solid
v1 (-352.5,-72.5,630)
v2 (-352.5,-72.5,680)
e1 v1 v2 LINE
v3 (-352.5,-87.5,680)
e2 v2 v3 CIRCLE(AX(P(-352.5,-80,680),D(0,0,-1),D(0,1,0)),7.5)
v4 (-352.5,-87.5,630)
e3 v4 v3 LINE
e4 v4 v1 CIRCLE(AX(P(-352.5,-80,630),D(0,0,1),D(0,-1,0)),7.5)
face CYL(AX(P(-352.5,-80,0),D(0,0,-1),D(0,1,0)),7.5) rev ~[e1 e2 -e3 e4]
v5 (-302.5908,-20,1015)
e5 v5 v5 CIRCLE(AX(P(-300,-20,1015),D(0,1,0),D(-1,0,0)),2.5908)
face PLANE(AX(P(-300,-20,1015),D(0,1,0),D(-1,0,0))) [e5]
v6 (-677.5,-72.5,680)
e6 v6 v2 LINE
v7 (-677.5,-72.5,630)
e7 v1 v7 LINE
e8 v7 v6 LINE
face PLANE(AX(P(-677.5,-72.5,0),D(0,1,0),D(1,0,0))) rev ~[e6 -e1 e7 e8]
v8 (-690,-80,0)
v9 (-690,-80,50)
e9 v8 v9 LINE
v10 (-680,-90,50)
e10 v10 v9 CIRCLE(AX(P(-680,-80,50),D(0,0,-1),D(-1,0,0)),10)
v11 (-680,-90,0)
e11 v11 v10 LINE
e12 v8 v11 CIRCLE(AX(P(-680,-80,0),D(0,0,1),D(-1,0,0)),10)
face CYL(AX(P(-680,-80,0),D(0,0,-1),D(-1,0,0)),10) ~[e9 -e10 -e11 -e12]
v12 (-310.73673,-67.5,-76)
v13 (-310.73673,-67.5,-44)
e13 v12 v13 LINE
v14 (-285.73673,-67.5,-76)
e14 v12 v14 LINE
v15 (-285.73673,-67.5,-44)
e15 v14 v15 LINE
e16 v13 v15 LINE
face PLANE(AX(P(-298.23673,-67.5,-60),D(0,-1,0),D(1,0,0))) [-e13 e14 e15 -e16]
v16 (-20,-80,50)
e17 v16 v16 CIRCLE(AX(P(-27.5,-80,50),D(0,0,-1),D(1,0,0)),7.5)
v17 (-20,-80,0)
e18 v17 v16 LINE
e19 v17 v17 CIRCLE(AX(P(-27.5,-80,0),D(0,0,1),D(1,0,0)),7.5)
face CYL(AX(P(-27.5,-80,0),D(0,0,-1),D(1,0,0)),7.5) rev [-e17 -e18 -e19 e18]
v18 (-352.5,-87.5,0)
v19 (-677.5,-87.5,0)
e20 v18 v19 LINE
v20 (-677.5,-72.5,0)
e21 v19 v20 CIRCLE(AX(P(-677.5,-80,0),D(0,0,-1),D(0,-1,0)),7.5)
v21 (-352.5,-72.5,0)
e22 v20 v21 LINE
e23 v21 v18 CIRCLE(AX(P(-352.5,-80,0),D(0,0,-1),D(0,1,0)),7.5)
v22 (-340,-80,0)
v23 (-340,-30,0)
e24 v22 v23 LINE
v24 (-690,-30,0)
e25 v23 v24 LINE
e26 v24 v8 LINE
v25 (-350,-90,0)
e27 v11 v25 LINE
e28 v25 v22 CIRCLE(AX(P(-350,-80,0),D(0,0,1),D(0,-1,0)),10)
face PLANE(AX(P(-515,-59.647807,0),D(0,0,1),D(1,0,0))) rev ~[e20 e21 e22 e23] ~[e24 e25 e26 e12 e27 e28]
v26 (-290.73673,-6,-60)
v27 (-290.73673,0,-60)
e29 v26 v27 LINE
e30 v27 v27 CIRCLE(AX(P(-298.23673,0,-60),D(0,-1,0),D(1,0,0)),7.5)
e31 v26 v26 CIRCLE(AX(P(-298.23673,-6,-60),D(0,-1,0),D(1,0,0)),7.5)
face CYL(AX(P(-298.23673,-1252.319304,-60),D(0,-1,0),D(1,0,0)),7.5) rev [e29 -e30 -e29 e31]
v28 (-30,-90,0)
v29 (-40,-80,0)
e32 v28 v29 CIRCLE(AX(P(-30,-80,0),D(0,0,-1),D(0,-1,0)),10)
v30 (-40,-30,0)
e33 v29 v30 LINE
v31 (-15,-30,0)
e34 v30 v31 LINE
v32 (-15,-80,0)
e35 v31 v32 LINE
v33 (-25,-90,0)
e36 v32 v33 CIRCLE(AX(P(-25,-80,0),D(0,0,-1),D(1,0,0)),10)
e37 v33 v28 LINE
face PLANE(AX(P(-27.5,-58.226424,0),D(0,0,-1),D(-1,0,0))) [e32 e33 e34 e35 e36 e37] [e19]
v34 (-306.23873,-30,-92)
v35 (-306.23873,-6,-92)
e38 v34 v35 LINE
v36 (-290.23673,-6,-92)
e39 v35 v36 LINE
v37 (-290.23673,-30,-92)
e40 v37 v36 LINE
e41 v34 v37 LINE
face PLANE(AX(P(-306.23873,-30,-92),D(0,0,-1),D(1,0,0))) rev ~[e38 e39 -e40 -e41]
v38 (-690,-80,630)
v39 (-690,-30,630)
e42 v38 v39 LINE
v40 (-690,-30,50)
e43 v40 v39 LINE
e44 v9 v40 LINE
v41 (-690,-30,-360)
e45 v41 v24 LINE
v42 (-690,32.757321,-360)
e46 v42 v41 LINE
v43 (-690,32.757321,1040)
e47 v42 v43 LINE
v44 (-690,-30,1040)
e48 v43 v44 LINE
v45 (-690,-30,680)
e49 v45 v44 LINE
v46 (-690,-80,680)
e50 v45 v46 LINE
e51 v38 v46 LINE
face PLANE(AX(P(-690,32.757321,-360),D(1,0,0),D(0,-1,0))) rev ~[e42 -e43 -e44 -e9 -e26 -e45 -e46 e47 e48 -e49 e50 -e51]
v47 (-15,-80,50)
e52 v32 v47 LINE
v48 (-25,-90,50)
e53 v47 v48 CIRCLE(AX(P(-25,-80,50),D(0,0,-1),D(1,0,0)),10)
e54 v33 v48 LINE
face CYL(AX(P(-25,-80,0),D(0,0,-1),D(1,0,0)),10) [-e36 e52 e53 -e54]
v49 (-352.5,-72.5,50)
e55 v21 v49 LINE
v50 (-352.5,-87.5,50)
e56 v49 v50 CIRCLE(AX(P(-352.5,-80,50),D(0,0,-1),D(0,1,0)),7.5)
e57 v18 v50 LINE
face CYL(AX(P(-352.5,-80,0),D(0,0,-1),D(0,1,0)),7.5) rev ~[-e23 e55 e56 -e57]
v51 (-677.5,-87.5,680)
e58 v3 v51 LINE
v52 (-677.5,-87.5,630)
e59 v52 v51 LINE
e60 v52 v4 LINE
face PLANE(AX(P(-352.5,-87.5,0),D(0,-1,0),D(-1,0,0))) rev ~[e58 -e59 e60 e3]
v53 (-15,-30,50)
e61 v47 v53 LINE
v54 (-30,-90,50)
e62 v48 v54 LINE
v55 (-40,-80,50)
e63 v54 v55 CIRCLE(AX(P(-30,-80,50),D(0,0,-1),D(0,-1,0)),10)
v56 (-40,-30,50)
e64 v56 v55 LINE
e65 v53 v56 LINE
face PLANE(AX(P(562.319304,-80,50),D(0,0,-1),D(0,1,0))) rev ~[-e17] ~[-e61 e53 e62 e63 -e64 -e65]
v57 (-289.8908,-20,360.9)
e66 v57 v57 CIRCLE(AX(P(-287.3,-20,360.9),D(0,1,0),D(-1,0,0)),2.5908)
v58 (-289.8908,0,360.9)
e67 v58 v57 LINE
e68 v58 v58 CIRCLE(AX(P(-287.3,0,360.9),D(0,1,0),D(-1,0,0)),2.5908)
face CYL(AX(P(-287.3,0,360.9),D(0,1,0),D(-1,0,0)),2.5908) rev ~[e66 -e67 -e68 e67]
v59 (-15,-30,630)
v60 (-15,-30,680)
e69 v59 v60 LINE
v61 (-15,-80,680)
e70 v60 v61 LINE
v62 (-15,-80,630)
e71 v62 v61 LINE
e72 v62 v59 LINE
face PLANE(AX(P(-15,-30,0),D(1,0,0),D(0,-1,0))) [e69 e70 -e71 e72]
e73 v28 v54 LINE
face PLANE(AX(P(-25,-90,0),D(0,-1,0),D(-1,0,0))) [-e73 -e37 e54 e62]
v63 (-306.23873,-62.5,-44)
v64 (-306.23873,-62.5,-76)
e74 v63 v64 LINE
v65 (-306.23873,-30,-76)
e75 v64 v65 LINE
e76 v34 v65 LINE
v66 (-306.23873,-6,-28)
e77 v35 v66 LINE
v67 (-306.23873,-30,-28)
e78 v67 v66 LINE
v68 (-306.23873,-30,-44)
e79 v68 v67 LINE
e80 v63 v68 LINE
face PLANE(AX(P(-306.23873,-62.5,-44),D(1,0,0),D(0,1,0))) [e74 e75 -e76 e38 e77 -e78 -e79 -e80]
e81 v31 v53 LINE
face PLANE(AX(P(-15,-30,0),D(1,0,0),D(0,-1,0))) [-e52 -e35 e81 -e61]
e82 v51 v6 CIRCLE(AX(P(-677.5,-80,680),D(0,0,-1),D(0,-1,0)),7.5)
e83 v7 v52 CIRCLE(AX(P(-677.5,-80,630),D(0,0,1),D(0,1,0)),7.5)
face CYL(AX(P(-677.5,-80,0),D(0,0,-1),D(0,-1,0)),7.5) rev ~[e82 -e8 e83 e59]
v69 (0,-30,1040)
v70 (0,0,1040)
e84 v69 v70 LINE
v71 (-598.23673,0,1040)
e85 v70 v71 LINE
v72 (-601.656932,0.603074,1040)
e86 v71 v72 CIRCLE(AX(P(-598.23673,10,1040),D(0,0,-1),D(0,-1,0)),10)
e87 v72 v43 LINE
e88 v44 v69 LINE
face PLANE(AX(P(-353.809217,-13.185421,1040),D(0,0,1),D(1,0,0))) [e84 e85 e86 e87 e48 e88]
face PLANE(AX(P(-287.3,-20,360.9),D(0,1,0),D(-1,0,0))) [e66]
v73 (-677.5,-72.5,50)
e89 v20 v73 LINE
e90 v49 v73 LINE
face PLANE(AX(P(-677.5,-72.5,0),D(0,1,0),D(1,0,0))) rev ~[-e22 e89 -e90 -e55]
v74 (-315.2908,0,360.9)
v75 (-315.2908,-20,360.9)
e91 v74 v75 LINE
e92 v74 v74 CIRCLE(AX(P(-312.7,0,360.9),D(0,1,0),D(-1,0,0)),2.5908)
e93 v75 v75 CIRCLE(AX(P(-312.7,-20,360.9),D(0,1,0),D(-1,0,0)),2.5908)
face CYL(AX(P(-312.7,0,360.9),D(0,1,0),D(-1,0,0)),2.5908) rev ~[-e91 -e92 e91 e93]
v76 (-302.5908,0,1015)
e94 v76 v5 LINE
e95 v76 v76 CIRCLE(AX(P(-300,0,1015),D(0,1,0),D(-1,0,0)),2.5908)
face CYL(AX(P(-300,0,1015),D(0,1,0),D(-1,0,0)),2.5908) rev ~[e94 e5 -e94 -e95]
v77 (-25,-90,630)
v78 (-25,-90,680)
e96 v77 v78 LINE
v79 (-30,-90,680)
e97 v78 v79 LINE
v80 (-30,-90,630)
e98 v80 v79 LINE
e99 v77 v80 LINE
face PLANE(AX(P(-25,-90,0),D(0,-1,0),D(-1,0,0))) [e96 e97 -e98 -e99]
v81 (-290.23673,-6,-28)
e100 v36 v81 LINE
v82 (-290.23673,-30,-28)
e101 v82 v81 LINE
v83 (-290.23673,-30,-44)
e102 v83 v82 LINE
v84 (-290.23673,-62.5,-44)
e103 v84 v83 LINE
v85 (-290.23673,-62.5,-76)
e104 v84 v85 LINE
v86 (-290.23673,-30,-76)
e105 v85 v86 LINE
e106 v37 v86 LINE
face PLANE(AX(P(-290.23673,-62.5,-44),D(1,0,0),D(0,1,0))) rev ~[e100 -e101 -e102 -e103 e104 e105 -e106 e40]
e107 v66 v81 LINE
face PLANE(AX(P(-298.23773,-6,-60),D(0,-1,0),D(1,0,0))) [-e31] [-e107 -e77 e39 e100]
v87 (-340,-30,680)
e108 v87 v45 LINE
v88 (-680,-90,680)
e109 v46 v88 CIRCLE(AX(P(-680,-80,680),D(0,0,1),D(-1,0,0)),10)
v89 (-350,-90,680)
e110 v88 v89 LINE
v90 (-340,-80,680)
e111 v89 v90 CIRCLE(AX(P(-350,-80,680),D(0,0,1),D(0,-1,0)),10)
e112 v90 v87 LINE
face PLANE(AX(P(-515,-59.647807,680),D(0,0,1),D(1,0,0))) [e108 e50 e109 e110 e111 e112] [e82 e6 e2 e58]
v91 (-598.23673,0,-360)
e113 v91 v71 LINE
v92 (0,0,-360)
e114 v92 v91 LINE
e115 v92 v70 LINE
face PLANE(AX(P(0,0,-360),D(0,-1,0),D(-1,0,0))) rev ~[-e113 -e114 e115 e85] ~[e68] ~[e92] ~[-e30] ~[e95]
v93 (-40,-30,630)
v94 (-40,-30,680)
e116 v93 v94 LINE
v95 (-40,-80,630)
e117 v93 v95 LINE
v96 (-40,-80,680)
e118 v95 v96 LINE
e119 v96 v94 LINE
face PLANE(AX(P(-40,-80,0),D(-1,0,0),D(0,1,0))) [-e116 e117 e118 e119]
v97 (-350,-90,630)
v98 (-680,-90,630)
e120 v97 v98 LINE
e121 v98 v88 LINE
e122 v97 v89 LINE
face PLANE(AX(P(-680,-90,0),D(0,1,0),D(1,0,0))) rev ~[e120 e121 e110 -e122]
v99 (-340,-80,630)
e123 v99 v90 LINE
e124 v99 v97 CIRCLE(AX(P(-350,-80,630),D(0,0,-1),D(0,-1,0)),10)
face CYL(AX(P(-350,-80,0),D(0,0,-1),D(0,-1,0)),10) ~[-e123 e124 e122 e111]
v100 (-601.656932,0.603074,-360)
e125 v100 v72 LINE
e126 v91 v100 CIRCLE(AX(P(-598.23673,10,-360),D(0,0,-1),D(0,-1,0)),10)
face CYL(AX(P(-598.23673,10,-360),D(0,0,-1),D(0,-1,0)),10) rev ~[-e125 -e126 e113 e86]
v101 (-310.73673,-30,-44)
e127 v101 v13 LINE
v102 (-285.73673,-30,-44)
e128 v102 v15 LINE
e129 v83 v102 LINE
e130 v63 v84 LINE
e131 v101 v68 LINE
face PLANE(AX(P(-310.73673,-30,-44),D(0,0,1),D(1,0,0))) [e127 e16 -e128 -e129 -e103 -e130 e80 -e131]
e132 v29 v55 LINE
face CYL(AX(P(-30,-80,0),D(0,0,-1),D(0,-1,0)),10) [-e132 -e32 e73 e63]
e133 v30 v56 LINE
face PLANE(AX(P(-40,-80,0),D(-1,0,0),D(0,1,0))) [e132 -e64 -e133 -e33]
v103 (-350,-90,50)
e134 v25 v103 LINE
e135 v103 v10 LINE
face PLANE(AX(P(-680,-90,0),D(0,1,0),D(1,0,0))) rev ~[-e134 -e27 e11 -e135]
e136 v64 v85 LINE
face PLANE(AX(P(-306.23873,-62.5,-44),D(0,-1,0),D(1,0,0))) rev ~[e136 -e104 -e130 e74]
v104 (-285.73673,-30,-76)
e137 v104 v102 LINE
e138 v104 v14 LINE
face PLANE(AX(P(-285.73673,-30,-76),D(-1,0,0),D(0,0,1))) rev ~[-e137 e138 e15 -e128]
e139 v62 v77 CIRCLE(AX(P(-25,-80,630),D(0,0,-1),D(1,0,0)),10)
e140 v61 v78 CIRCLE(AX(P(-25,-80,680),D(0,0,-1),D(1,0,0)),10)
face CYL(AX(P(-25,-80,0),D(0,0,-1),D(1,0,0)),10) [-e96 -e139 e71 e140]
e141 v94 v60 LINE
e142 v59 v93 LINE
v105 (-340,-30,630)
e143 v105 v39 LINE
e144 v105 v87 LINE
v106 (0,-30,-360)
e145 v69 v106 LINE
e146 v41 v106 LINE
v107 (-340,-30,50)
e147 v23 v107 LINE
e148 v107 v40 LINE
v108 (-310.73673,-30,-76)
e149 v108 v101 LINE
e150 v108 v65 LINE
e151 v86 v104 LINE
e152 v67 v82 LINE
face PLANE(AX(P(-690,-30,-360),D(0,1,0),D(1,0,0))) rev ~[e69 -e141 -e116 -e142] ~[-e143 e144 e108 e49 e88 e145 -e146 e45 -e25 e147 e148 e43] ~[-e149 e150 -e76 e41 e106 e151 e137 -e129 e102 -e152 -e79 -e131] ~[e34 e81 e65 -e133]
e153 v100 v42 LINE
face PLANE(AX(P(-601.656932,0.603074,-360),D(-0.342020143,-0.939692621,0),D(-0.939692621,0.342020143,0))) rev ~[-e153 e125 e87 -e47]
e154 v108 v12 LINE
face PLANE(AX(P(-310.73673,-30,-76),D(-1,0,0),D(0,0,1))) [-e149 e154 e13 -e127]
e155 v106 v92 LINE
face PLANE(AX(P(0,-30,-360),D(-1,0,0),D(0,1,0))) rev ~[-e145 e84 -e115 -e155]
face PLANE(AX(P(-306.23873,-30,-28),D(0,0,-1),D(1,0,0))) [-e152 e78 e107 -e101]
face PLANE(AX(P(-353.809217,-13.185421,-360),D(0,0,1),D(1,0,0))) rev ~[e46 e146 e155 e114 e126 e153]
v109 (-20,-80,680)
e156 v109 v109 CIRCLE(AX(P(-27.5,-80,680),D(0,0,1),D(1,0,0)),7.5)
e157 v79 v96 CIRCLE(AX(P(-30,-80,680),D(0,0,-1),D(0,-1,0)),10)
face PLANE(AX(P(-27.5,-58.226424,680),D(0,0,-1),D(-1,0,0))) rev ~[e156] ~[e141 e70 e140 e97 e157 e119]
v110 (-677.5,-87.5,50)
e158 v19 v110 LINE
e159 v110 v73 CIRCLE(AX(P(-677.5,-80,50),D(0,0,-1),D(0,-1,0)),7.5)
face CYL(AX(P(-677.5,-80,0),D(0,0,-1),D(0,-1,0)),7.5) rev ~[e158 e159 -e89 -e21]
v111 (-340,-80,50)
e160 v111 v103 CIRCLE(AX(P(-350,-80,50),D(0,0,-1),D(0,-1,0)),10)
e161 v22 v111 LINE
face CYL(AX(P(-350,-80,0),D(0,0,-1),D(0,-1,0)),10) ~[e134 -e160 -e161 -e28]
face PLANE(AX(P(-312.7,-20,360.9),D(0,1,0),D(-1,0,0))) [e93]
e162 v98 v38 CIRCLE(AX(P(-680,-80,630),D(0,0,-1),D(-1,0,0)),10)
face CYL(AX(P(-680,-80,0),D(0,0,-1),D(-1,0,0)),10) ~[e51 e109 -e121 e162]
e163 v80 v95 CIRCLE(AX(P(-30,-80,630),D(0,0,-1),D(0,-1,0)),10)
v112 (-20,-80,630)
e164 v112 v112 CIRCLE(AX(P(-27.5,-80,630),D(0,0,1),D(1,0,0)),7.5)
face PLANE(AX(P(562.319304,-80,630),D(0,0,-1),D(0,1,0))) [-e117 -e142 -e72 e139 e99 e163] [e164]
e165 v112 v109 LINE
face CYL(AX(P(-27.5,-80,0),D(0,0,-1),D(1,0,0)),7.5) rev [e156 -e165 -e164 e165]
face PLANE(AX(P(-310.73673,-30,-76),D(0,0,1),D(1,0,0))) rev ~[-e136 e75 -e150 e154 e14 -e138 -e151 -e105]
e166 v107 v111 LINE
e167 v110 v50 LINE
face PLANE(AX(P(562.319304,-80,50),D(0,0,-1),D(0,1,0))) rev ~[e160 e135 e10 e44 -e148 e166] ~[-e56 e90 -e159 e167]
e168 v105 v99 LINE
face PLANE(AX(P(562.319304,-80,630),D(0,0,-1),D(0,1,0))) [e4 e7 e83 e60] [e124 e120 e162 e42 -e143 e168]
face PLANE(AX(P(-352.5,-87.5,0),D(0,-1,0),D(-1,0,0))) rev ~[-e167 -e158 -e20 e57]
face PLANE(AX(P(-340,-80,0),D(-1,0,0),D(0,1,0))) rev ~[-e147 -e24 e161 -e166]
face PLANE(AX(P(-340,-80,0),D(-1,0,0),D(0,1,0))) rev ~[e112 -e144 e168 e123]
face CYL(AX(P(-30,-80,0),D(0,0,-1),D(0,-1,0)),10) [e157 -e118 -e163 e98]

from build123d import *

# Parameters (mm, degrees)
BOSS_EXTRUDE1_DEPTH      = 1040
BOSS_EXTRUDE1_DEPTH_BACK = 360
SKETCH2_R                = 7.5
BOSS_EXTRUDE2_DEPTH      = 680
SKETCH4_W                = 580
SKETCH4_H                = 10
CUT_EXTRUDE1_DEPTH       = 1252.319303775
CUT_EXTRUDE2_DEPTH       = 1252.319303775
CUT_EXTRUDE2_DEPTH_BACK  = 1252.319303775
SKETCH5_W                = 580
SKETCH5_H                = 50
CUT_EXTRUDE3_DEPTH       = 1252.319303775
CUT_EXTRUDE3_DEPTH_BACK  = 1252.319303775
SKETCH6_R                = 7.5
SKETCH8_W                = 25
SKETCH8_H                = 32
BOSS_EXTRUDE4_DEPTH      = 37.5
SKETCH9_W                = 16.002
SKETCH9_H                = 32.5
CUT_EXTRUDE4_DEPTH       = 66.8
SKETCH11_W               = 16.002
SKETCH11_H               = 64
CUT_EXTRUDE5_DEPTH       = 24
SKETCH13_R               = 2.5908
CUT_EXTRUDE6_DEPTH       = 20


with BuildPart() as part:
    # Sketch1 → Boss-Extrude1 (new, two sides: drawn at the far end of the back side and taken through both)
    with BuildSketch(Plane.XY.offset(-BOSS_EXTRUDE1_DEPTH_BACK)):
        with BuildLine():
            Line((0, 0), (-598.236730193, 0))
            ThreePointArc((-598.236730193, 0), (-599.97321197, 0.15192247), (-601.656931626, 0.603073792))
            Line((-601.656931626, 0.603073792), (-690, 32.757321084))
            Line((-690, 32.757321084), (-690, -30))
            Line((-690, -30), (-656.445665216, -30))
            Line((-656.445665216, -30), (-26.446144718, -30))
            Line((-26.446144718, -30), (0, -30))
            Line((0, -30), (0, -20.000479502))
            Line((0, -20.000479502), (0, 0))
        make_face()
    extrude(amount=BOSS_EXTRUDE1_DEPTH + BOSS_EXTRUDE1_DEPTH_BACK)

    # Sketch2 → Boss-Extrude2 (add)
    # profile 1 of 2: a face of its own
    with BuildSketch(Plane.XY):
        with BuildLine():
            Line((-690, -30), (-690, -80))
            ThreePointArc((-690, -80), (-687.071067812, -87.071067812), (-680, -90))
            Line((-680, -90), (-350, -90))
            ThreePointArc((-350, -90), (-342.928932188, -87.071067812), (-340, -80))
            Line((-340, -80), (-340, -30))
            Line((-340, -30), (-690, -30))
        make_face()
        with BuildLine():
            Line((-677.5, -72.5), (-352.5, -72.5))
            ThreePointArc((-352.5, -72.5), (-345, -80), (-352.5, -87.5))
            Line((-352.5, -87.5), (-677.5, -87.5))
            ThreePointArc((-677.5, -87.5), (-685, -80), (-677.5, -72.5))
        make_face(mode=Mode.SUBTRACT)
    # profile 2 of 2: a face of its own
    with BuildSketch(Plane.XY):
        with BuildLine():
            Line((-15, -30), (-15, -80))
            ThreePointArc((-15, -80), (-17.928932188, -87.071067812), (-25, -90))
            Line((-25, -90), (-30, -90))
            ThreePointArc((-30, -90), (-37.071067812, -87.071067812), (-40, -80))
            Line((-40, -80), (-40, -30))
            Line((-40, -30), (-15, -30))
        make_face()
        with Locations((-27.5, -80)):
            Circle(SKETCH2_R, mode=Mode.SUBTRACT)
    extrude(amount=BOSS_EXTRUDE2_DEPTH)

    # Sketch4 → Cut-Extrude1 (cut, through all)
    with BuildSketch(Plane(origin=(0, 0, 0), x_dir=(0, 0, -1), z_dir=(1, 0, 0))):
        with Locations((-340, -85)):
            Rectangle(SKETCH4_W, SKETCH4_H)
    extrude(amount=-CUT_EXTRUDE1_DEPTH, mode=Mode.SUBTRACT)

    # Sketch5 → Cut-Extrude2 (cut, two sides: drawn at the far end of the back side and taken through both)
    with BuildSketch(Plane.ZY.offset(690).offset(-CUT_EXTRUDE2_DEPTH_BACK)):
        with Locations((340, -55)):
            Rectangle(SKETCH5_W, SKETCH5_H)
    extrude(amount=CUT_EXTRUDE2_DEPTH + CUT_EXTRUDE2_DEPTH_BACK, mode=Mode.SUBTRACT)

    # Sketch6 → Cut-Extrude3 (cut, two sides: drawn at the far end of the back side and taken through both)
    with BuildSketch(Plane(origin=(0, 0, 0), x_dir=(1, 0, 0), z_dir=(0, 1, 0)).offset(-CUT_EXTRUDE3_DEPTH_BACK)):
        with Locations((-298.236730193, 60)):
            Circle(SKETCH6_R)
    extrude(amount=CUT_EXTRUDE3_DEPTH + CUT_EXTRUDE3_DEPTH_BACK, mode=Mode.SUBTRACT)

    # Sketch8 → Boss-Extrude4 (add)
    with BuildSketch(Plane.XZ.offset(30)):
        with Locations((-298.236730193, -60)):
            Rectangle(SKETCH8_W, SKETCH8_H)
    extrude(amount=BOSS_EXTRUDE4_DEPTH)

    # Sketch9 → Cut-Extrude4 (cut)
    with BuildSketch(Plane.XY.offset(-44)):
        with Locations((-298.237730193, -46.25)):
            Rectangle(SKETCH9_W, SKETCH9_H)
    extrude(amount=-CUT_EXTRUDE4_DEPTH, mode=Mode.SUBTRACT)

    # Sketch11 → Cut-Extrude5 (cut)
    with BuildSketch(Plane.XZ.offset(30)):
        with Locations((-298.237730193, -60)):
            Rectangle(SKETCH11_W, SKETCH11_H)
    extrude(amount=-CUT_EXTRUDE5_DEPTH, mode=Mode.SUBTRACT)

    # Sketch13 → Cut-Extrude6 (cut)
    with BuildSketch(Plane(origin=(0, 0, 0), x_dir=(1, 0, 0), z_dir=(0, 1, 0))):
        with Locations(Location((-300, -1015, 0), (0, 0, 180))):
            Circle(SKETCH13_R)
        with Locations(Location((-287.3, -360.9, 0), (0, 0, 180))):
            Circle(SKETCH13_R)
        with Locations(Location((-312.7, -360.9, 0), (0, 0, 180))):
            Circle(SKETCH13_R)
    extrude(amount=-CUT_EXTRUDE6_DEPTH, mode=Mode.SUBTRACT)


solid = part.part
